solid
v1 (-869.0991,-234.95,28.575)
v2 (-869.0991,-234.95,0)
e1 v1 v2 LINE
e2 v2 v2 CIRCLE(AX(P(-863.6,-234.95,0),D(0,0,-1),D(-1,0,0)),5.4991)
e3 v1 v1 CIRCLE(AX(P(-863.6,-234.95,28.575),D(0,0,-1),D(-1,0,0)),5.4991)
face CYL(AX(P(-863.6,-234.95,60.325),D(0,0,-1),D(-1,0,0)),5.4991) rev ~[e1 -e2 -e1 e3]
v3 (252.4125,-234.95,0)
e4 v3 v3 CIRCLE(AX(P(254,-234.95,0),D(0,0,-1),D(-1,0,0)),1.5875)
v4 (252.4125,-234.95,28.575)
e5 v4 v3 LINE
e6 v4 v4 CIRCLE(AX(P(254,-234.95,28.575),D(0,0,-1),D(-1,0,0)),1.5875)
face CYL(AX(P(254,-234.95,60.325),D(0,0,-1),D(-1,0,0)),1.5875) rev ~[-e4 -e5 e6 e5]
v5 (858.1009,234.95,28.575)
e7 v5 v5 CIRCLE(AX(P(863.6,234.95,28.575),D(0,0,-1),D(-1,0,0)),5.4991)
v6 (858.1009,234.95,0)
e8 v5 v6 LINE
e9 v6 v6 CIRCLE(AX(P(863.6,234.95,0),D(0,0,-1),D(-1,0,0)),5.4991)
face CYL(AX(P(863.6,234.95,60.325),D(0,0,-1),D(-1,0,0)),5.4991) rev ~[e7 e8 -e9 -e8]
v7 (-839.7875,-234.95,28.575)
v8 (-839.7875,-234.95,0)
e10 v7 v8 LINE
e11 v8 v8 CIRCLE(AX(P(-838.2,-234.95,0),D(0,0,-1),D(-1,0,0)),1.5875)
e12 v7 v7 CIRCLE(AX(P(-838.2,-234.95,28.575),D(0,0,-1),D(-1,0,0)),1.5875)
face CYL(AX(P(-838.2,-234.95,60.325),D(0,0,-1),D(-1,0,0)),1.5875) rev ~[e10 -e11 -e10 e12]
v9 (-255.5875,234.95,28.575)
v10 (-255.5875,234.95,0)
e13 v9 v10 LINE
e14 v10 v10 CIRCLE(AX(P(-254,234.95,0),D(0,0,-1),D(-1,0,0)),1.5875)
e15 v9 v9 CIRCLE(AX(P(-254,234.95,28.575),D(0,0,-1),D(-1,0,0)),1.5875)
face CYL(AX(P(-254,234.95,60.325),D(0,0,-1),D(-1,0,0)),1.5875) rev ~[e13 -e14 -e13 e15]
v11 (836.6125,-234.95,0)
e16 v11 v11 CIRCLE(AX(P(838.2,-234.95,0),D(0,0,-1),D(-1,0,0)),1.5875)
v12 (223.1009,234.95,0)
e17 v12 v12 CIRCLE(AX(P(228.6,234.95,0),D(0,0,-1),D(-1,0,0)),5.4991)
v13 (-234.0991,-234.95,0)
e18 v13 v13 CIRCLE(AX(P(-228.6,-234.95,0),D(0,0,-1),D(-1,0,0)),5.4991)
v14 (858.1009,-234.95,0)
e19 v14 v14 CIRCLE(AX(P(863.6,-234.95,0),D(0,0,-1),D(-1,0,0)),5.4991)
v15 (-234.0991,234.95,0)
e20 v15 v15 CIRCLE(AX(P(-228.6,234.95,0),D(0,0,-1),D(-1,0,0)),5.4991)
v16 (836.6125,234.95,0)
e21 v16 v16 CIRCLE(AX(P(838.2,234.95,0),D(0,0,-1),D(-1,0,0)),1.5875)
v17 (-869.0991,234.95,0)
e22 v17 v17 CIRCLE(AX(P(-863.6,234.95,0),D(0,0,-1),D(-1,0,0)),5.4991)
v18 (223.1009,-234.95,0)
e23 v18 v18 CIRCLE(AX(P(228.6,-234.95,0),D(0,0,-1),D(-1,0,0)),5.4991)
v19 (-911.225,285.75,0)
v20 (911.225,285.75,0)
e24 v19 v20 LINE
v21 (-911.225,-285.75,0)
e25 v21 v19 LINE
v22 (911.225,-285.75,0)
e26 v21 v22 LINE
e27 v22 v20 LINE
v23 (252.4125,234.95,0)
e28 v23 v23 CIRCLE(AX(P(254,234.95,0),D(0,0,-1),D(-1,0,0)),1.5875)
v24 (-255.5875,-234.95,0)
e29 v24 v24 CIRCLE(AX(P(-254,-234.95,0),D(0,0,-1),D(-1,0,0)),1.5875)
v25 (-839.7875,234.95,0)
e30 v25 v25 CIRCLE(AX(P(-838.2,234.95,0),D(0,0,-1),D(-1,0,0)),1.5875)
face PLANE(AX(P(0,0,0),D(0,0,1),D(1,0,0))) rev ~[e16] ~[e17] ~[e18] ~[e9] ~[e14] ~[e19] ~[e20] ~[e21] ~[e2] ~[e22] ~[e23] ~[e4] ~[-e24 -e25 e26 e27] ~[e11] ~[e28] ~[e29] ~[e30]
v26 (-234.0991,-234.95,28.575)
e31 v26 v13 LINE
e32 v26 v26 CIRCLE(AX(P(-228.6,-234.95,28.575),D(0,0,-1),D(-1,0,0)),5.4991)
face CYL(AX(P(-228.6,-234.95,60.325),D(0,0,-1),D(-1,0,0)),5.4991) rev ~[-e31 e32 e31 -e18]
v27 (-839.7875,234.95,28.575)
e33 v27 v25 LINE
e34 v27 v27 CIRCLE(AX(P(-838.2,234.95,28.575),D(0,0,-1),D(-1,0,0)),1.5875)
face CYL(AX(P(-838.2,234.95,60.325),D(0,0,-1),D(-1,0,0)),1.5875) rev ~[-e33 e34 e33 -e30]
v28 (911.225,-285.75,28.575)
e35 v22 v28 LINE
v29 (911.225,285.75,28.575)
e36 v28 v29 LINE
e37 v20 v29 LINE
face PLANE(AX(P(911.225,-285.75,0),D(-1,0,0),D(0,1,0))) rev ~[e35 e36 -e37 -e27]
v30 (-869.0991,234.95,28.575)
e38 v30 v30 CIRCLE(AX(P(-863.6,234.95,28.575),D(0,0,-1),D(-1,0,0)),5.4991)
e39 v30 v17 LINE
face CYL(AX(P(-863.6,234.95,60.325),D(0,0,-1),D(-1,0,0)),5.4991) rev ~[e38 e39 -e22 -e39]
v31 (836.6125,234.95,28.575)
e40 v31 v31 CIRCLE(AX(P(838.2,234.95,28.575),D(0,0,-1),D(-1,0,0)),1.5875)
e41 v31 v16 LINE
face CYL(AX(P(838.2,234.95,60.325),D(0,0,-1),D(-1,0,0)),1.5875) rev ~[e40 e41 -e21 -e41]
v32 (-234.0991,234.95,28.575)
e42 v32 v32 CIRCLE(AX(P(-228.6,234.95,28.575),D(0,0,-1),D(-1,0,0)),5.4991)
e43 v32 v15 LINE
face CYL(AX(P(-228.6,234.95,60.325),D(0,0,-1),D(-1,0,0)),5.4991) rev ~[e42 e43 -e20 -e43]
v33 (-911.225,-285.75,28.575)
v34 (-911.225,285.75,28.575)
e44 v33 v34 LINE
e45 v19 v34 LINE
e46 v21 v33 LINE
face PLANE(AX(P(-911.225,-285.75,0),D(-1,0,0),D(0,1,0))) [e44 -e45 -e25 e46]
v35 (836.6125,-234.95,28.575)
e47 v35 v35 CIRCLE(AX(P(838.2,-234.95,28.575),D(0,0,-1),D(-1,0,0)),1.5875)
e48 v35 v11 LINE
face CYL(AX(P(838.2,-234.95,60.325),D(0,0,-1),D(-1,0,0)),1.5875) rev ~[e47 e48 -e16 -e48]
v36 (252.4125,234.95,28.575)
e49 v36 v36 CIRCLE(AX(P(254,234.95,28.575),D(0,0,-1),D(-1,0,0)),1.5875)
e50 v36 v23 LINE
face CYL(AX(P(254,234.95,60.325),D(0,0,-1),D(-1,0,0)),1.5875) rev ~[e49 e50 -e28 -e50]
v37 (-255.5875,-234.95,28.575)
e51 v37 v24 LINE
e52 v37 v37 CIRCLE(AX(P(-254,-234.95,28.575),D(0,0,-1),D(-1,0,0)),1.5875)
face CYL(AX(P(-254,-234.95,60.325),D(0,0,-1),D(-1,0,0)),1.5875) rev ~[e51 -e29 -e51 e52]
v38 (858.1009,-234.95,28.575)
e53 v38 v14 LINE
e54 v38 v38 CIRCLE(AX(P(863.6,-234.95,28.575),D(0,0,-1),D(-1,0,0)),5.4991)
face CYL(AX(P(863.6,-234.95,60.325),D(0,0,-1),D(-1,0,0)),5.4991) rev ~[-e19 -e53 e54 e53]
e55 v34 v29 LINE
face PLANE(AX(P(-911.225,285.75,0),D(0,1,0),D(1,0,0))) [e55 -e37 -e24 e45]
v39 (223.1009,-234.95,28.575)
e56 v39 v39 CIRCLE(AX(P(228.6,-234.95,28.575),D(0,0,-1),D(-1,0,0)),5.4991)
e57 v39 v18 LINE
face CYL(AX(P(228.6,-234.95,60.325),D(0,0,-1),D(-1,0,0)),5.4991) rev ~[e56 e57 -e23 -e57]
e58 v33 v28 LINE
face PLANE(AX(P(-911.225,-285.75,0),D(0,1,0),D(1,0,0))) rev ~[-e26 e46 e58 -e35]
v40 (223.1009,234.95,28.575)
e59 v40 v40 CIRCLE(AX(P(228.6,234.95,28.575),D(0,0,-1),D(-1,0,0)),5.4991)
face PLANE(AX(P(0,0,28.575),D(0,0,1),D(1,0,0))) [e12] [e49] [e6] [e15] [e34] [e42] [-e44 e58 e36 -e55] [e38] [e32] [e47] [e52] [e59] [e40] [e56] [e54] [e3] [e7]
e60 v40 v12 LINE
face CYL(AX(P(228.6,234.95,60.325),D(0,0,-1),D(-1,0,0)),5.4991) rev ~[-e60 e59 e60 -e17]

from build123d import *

# Parameters (mm, degrees)
F0_W     = 1822.45
F0_H     = 571.5
F1_DEPTH = 28.575
F3_D     = 10.9982
F3_DEPTH = 31.75
F4_D     = 3.175
F4_DEPTH = 31.75


with BuildPart() as f1:
    # F0 (on Top) → F1 (new body)
    with BuildSketch(Plane.XY):
        Rectangle(F0_W, F0_H)
    extrude(amount=F1_DEPTH)

    # F3
    with Locations(Plane.XY.offset(28.575)):
        with Locations((-863.6, 234.95), (-863.6, -234.95), (-228.6, -234.95), (-228.6, 234.95), (228.6, 234.95), (228.6, -234.95), (863.6, 234.95), (863.6, -234.95)):
            Hole(F3_D / 2, depth=F3_DEPTH)

    # F4
    with Locations(Plane.XY.offset(28.575)):
        with Locations((-838.2, 234.95), (-254, 234.95), (254, 234.95), (838.2, 234.95), (838.2, -234.95), (254, -234.95), (-254, -234.95), (-838.2, -234.95)):
            Hole(F4_D / 2, depth=F4_DEPTH)


solid = f1.part
